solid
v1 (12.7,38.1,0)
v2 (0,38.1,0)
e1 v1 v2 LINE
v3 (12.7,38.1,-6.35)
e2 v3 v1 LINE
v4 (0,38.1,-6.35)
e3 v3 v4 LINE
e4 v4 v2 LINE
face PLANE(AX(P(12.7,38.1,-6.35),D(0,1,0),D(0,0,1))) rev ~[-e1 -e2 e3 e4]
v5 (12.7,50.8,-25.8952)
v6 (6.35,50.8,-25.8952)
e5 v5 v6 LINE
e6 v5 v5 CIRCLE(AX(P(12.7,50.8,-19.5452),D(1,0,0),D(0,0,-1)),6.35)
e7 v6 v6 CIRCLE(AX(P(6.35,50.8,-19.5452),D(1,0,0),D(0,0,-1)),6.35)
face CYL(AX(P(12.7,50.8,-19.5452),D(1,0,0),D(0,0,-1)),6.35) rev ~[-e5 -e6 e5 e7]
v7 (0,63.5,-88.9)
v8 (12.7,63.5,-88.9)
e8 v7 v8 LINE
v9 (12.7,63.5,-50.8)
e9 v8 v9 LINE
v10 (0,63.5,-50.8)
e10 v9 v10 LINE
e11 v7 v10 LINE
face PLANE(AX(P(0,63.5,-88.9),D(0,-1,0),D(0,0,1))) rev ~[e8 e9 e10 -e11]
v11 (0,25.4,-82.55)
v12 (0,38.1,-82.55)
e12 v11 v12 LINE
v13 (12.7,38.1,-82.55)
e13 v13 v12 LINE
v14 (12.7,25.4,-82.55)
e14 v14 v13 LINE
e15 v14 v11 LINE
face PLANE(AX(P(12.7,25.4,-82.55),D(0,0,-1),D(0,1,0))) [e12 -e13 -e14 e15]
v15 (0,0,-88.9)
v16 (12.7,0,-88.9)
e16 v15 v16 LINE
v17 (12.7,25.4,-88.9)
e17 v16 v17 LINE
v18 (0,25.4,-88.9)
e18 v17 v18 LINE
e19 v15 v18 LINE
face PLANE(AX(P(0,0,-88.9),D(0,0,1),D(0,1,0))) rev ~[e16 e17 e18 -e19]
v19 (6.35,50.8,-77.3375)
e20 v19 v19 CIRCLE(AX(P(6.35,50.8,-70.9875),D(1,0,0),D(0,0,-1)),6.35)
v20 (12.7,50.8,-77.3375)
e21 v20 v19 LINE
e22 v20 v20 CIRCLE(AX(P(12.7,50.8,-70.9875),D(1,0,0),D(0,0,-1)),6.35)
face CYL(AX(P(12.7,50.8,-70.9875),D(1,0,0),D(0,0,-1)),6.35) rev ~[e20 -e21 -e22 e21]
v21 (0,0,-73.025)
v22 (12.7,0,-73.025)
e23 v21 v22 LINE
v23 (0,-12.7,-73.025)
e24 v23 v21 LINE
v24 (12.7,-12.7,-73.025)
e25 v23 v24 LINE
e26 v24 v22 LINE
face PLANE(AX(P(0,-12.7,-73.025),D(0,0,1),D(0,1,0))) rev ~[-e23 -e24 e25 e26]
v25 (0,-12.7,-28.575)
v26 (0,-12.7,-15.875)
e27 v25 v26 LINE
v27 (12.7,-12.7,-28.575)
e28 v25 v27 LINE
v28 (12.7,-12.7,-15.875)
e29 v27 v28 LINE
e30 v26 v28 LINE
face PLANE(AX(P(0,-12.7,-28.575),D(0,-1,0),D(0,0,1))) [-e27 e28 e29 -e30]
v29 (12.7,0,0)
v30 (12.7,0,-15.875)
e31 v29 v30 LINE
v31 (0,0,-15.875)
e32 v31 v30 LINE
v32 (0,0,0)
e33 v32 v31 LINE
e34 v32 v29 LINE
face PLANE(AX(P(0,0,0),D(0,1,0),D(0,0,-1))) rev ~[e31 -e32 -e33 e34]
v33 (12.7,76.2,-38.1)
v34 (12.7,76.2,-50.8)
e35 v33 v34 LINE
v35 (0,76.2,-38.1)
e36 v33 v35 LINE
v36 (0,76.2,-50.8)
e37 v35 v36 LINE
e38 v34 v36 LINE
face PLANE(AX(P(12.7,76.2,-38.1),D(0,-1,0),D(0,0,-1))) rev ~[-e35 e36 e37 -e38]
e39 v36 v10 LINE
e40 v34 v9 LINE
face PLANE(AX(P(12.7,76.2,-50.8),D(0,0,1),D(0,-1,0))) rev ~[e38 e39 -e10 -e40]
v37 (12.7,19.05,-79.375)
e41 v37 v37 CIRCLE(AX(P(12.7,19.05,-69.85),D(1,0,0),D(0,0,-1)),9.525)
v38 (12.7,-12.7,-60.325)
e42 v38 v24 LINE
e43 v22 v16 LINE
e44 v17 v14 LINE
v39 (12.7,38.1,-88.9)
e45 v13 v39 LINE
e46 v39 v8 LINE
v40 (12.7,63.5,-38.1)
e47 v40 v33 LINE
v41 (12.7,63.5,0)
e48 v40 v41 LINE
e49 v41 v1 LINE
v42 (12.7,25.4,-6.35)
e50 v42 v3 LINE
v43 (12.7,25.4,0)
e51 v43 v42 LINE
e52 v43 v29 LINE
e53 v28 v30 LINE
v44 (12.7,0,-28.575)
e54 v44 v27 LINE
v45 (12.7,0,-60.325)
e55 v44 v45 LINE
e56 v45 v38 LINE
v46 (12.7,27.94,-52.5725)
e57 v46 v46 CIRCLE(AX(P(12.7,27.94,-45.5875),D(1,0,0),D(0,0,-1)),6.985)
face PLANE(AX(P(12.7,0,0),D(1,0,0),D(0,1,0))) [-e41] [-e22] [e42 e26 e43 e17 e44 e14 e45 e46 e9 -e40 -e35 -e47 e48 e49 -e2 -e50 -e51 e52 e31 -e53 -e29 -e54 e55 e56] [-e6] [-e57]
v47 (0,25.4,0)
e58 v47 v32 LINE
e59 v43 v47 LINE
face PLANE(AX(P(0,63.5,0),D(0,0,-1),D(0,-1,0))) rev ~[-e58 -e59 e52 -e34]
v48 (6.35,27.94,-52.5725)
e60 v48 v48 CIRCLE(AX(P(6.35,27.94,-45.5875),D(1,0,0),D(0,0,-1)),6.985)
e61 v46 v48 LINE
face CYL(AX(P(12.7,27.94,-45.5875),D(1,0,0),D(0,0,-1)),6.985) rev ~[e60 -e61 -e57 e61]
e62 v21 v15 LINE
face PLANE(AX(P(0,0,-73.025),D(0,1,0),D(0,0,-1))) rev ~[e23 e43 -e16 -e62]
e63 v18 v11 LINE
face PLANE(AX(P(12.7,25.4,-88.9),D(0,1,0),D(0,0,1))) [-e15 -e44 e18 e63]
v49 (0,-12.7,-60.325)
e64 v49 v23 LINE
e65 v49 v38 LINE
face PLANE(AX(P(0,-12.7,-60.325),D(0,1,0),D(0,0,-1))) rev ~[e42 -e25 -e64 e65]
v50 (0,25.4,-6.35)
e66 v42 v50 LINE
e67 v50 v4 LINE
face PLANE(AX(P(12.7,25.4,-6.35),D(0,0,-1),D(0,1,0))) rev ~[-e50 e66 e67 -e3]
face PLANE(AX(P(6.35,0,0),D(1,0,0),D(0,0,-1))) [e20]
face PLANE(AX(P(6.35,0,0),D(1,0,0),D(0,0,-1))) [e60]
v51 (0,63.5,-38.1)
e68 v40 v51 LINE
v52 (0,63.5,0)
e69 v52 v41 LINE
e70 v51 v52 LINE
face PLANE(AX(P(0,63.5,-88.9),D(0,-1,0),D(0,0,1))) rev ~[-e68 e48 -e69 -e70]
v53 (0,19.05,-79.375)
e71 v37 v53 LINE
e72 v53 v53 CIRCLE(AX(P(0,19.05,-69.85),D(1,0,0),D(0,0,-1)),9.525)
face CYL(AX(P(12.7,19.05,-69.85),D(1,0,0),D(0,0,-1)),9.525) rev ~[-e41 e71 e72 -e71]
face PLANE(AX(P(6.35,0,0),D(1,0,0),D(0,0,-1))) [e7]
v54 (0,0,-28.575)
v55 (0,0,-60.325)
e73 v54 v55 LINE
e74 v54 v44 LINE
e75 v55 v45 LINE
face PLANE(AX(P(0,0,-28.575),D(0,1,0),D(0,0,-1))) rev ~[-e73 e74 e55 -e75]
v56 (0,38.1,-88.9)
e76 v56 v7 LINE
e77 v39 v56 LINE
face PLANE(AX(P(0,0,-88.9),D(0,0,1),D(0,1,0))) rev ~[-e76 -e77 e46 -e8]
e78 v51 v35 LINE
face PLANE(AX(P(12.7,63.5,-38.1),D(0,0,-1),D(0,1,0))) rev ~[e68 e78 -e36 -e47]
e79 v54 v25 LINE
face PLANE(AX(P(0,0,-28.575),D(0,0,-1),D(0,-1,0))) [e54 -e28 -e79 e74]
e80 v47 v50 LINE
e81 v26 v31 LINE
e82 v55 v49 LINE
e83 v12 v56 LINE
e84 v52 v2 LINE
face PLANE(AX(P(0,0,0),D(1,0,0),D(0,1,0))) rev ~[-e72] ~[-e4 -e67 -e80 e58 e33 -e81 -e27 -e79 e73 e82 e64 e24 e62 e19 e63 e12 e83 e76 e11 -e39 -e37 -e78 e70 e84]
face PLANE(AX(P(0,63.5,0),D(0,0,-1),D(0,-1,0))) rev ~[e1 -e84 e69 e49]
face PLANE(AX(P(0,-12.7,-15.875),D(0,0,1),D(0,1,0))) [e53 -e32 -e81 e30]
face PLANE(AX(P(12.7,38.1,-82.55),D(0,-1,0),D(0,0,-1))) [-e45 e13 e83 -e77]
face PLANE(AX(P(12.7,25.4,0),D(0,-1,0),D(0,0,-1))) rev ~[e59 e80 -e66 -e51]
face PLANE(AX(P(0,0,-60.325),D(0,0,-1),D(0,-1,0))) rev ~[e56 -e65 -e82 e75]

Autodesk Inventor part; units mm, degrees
ref_plane "YZ Plane" through (0, 0, 0) normal (1, 0, 0) x (0, 1, 0)
ref_plane "XZ Plane" through (0, 0, 0) normal (0, 1, 0) x (-1, 0, 0)
ref_plane "XY Plane" through (0, 0, 0) normal (0, 0, 1) x (1, 0, 0)
sketch "Sketch1" plane through (0, 0, 0) normal (1, 0, 0) x (0, 1, 0)
  circle A0 centre (27.94, -44.6106) radius 6.985 construction
  circle A1 centre (50.8, -18.5683) radius 6.35 construction
  line L0 (63.5, 0) -> (50.8, 0) construction
  line L1 (50.8, 0) -> (50.8, -12.7) construction
  line L2 (50.8, -12.7) -> (63.5, -12.7) construction
  line L3 (63.5, -12.7) -> (63.5, 0) construction
  circle A2 centre (50.8, -70.0106) radius 6.35 construction
  line L4 (27.94, -31.779) -> (39.0525, -38.1948) construction
  line L5 (39.0525, -38.1948) -> (39.0525, -51.0264) construction
  line L6 (39.0525, -51.0264) -> (27.94, -57.4422) construction
  line L7 (27.94, -57.4422) -> (16.8275, -51.0264) construction
  line L8 (16.8275, -51.0264) -> (16.8275, -38.1948) construction
  line L9 (63.5, 0) -> (0, 0)
  line L10 (0, -88.9) -> (63.5, -88.9)
  line L11 (63.5, -88.9) -> (63.5, 0)
  line L12 (0, -44.45) -> (27.94, -44.45) construction
  line L13 (0, -44.45) -> (27.94, -44.45) construction
  line L14 (27.94, -31.779) -> (16.8275, -38.1948) construction
  line L15 (0, -44.45) -> (63.5, -44.45) construction
  line L16 (0, -44.45) -> (0, -60.325) construction
  line L17 (0, -44.45) -> (15.875, -44.45) construction
  line L18 (0, -60.325) -> (-12.7, -60.325)
  line L19 (-12.7, -60.325) -> (-12.7, -73.025)
  line L20 (-12.7, -73.025) -> (0, -73.025)
  line L21 (0, -44.45) -> (0, -28.575) construction
  line L22 (0, -28.575) -> (-12.7, -28.575)
  line L23 (-12.7, -28.575) -> (-12.7, -15.875)
  line L24 (-12.7, -15.875) -> (0, -15.875)
  line L25 (0, 0) -> (0, -15.875)
  line L26 (0, -28.575) -> (0, -60.325)
  line L27 (0, -73.025) -> (0, -88.9)
  point P0 (0, 0)
  point P1 (0, -12.8606)
  dimension "d13" = 88.9
  dimension "d14" = 63.5
  dimension "d15" = 15.875
  dimension "d16" = 90
  dimension "d17" = 12.7
  dimension "d18" = 12.7
extrude "Extrusion2" add sketch "Sketch1" along normal blind 12.7
sketch "Sketch2" plane through (12.7, 0, 0) normal (1, 0, 0) x (0, 0, -1)
  circle A0 centre (45.5875, 27.94) radius 6.985
  circle A1 centre (19.5452, 50.8) radius 6.35
  circle A2 centre (70.9875, 50.8) radius 6.35
  line L0 (32.7559, 27.94) -> (39.1717, 39.0525) construction
  line L1 (39.1717, 39.0525) -> (52.0033, 39.0525) construction
  line L2 (52.0033, 39.0525) -> (58.4191, 27.94) construction
  line L3 (58.4191, 27.94) -> (52.0033, 16.8275) construction
  line L4 (52.0033, 16.8275) -> (39.1717, 16.8275) construction
  line L5 (45.4269, 0) -> (45.4269, 27.94) construction
  line L6 (32.7559, 27.94) -> (39.1717, 16.8275) construction
  line L7 (88.9, 0) -> (88.9, 63.5) construction
  line L8 (0, 0) -> (88.9, 0) construction
  line L9 (28.575, 0) -> (60.325, 0) construction
  line L10 (44.45, 0) -> (44.45, 63.5) construction
  line L11 (88.9, 63.5) -> (0, 63.5) construction
  line L12 (44.45, 0) -> (44.45, 27.94) construction
  line L13 (44.45, 0) -> (72.39, 0) construction
  dimension "d25" = 27.94
  dimension "d26" = 90
extrude "Extrusion3" cut sketch "Sketch2" against normal blind 6.35
sketch "Sketch3" plane through (12.7, 0, 0) normal (1, 0, 0) x (0, 0, -1)
  line L0 (0, 25.4) -> (6.35, 25.4)
  line L1 (6.35, 25.4) -> (6.35, 38.1)
  line L2 (6.35, 38.1) -> (0, 38.1)
  line L3 (0, 63.5) -> (0, 0) projected
  line L4 (0, 38.1) -> (0, 25.4)
  line L5 (88.9, 63.5) -> (0, 63.5) construction
  line L6 (44.45, 63.5) -> (44.45, 0) construction
  line L7 (28.575, 0) -> (60.325, 0) construction
  line L8 (88.9, 25.4) -> (82.55, 25.4)
  line L9 (82.55, 25.4) -> (82.55, 38.1)
  line L10 (82.55, 38.1) -> (88.9, 38.1)
  line L11 (88.9, 38.1) -> (88.9, 25.4)
  point P0 (0, 31.75)
  point P1 (88.9, 31.75)
  dimension "d28" = 12.7
extrude "Extrusion4" cut sketch "Sketch3" against normal through all
sketch "Sketch4" plane through (12.7, 0, 0) normal (1, 0, 0) x (0, 0, -1)
  line L0 (28.575, 0) -> (60.325, 0) construction
  line L1 (44.45, 0) -> (44.45, 63.5) construction
  line L2 (88.9, 63.5) -> (0, 63.5) construction
  line L3 (44.45, 63.5) -> (44.45, 69.85) construction
  line L4 (44.45, 63.5) -> (50.8, 63.5) construction
  line L5 (38.1, 76.2) -> (50.8, 76.2)
  line L6 (50.8, 76.2) -> (50.8, 63.5)
  line L7 (50.8, 63.5) -> (38.1, 63.5)
  line L8 (38.1, 63.5) -> (38.1, 76.2)
  line L9 (38.1, 76.2) -> (50.8, 63.5) construction
  line L10 (50.8, 76.2) -> (38.1, 63.5) construction
  point P0 (0, 0)
  dimension "d31" = 6.35
  dimension "d32" = 90
  dimension "d33" = 12.7
  dimension "d34" = 12.7
extrude "Extrusion5" add sketch "Sketch4" against normal blind 12.7
sketch "Sketch5" plane through (12.7, 0, 0) normal (1, 0, 0) x (0, 0, -1)
  line L0 (73.025, 0) -> (88.9, 0) construction
  line L1 (88.9, 0) -> (88.9, 19.05) construction
  line L2 (88.9, 0) -> (107.95, 0) construction
  line L3 (88.9, 19.05) -> (69.85, 19.05) construction
  circle A0 centre (69.85, 19.05) radius 9.525
  point P0 (0, 0)
  dimension "d37" = 19.05
  dimension "d38" = 90
  dimension "d39" = 19.05
  dimension "d40" = 90
  dimension "d41" = 19.05
extrude "Extrusion6" cut sketch "Sketch5" against normal through all
properties part number "Far End Cap" material "PVC-Piping"
